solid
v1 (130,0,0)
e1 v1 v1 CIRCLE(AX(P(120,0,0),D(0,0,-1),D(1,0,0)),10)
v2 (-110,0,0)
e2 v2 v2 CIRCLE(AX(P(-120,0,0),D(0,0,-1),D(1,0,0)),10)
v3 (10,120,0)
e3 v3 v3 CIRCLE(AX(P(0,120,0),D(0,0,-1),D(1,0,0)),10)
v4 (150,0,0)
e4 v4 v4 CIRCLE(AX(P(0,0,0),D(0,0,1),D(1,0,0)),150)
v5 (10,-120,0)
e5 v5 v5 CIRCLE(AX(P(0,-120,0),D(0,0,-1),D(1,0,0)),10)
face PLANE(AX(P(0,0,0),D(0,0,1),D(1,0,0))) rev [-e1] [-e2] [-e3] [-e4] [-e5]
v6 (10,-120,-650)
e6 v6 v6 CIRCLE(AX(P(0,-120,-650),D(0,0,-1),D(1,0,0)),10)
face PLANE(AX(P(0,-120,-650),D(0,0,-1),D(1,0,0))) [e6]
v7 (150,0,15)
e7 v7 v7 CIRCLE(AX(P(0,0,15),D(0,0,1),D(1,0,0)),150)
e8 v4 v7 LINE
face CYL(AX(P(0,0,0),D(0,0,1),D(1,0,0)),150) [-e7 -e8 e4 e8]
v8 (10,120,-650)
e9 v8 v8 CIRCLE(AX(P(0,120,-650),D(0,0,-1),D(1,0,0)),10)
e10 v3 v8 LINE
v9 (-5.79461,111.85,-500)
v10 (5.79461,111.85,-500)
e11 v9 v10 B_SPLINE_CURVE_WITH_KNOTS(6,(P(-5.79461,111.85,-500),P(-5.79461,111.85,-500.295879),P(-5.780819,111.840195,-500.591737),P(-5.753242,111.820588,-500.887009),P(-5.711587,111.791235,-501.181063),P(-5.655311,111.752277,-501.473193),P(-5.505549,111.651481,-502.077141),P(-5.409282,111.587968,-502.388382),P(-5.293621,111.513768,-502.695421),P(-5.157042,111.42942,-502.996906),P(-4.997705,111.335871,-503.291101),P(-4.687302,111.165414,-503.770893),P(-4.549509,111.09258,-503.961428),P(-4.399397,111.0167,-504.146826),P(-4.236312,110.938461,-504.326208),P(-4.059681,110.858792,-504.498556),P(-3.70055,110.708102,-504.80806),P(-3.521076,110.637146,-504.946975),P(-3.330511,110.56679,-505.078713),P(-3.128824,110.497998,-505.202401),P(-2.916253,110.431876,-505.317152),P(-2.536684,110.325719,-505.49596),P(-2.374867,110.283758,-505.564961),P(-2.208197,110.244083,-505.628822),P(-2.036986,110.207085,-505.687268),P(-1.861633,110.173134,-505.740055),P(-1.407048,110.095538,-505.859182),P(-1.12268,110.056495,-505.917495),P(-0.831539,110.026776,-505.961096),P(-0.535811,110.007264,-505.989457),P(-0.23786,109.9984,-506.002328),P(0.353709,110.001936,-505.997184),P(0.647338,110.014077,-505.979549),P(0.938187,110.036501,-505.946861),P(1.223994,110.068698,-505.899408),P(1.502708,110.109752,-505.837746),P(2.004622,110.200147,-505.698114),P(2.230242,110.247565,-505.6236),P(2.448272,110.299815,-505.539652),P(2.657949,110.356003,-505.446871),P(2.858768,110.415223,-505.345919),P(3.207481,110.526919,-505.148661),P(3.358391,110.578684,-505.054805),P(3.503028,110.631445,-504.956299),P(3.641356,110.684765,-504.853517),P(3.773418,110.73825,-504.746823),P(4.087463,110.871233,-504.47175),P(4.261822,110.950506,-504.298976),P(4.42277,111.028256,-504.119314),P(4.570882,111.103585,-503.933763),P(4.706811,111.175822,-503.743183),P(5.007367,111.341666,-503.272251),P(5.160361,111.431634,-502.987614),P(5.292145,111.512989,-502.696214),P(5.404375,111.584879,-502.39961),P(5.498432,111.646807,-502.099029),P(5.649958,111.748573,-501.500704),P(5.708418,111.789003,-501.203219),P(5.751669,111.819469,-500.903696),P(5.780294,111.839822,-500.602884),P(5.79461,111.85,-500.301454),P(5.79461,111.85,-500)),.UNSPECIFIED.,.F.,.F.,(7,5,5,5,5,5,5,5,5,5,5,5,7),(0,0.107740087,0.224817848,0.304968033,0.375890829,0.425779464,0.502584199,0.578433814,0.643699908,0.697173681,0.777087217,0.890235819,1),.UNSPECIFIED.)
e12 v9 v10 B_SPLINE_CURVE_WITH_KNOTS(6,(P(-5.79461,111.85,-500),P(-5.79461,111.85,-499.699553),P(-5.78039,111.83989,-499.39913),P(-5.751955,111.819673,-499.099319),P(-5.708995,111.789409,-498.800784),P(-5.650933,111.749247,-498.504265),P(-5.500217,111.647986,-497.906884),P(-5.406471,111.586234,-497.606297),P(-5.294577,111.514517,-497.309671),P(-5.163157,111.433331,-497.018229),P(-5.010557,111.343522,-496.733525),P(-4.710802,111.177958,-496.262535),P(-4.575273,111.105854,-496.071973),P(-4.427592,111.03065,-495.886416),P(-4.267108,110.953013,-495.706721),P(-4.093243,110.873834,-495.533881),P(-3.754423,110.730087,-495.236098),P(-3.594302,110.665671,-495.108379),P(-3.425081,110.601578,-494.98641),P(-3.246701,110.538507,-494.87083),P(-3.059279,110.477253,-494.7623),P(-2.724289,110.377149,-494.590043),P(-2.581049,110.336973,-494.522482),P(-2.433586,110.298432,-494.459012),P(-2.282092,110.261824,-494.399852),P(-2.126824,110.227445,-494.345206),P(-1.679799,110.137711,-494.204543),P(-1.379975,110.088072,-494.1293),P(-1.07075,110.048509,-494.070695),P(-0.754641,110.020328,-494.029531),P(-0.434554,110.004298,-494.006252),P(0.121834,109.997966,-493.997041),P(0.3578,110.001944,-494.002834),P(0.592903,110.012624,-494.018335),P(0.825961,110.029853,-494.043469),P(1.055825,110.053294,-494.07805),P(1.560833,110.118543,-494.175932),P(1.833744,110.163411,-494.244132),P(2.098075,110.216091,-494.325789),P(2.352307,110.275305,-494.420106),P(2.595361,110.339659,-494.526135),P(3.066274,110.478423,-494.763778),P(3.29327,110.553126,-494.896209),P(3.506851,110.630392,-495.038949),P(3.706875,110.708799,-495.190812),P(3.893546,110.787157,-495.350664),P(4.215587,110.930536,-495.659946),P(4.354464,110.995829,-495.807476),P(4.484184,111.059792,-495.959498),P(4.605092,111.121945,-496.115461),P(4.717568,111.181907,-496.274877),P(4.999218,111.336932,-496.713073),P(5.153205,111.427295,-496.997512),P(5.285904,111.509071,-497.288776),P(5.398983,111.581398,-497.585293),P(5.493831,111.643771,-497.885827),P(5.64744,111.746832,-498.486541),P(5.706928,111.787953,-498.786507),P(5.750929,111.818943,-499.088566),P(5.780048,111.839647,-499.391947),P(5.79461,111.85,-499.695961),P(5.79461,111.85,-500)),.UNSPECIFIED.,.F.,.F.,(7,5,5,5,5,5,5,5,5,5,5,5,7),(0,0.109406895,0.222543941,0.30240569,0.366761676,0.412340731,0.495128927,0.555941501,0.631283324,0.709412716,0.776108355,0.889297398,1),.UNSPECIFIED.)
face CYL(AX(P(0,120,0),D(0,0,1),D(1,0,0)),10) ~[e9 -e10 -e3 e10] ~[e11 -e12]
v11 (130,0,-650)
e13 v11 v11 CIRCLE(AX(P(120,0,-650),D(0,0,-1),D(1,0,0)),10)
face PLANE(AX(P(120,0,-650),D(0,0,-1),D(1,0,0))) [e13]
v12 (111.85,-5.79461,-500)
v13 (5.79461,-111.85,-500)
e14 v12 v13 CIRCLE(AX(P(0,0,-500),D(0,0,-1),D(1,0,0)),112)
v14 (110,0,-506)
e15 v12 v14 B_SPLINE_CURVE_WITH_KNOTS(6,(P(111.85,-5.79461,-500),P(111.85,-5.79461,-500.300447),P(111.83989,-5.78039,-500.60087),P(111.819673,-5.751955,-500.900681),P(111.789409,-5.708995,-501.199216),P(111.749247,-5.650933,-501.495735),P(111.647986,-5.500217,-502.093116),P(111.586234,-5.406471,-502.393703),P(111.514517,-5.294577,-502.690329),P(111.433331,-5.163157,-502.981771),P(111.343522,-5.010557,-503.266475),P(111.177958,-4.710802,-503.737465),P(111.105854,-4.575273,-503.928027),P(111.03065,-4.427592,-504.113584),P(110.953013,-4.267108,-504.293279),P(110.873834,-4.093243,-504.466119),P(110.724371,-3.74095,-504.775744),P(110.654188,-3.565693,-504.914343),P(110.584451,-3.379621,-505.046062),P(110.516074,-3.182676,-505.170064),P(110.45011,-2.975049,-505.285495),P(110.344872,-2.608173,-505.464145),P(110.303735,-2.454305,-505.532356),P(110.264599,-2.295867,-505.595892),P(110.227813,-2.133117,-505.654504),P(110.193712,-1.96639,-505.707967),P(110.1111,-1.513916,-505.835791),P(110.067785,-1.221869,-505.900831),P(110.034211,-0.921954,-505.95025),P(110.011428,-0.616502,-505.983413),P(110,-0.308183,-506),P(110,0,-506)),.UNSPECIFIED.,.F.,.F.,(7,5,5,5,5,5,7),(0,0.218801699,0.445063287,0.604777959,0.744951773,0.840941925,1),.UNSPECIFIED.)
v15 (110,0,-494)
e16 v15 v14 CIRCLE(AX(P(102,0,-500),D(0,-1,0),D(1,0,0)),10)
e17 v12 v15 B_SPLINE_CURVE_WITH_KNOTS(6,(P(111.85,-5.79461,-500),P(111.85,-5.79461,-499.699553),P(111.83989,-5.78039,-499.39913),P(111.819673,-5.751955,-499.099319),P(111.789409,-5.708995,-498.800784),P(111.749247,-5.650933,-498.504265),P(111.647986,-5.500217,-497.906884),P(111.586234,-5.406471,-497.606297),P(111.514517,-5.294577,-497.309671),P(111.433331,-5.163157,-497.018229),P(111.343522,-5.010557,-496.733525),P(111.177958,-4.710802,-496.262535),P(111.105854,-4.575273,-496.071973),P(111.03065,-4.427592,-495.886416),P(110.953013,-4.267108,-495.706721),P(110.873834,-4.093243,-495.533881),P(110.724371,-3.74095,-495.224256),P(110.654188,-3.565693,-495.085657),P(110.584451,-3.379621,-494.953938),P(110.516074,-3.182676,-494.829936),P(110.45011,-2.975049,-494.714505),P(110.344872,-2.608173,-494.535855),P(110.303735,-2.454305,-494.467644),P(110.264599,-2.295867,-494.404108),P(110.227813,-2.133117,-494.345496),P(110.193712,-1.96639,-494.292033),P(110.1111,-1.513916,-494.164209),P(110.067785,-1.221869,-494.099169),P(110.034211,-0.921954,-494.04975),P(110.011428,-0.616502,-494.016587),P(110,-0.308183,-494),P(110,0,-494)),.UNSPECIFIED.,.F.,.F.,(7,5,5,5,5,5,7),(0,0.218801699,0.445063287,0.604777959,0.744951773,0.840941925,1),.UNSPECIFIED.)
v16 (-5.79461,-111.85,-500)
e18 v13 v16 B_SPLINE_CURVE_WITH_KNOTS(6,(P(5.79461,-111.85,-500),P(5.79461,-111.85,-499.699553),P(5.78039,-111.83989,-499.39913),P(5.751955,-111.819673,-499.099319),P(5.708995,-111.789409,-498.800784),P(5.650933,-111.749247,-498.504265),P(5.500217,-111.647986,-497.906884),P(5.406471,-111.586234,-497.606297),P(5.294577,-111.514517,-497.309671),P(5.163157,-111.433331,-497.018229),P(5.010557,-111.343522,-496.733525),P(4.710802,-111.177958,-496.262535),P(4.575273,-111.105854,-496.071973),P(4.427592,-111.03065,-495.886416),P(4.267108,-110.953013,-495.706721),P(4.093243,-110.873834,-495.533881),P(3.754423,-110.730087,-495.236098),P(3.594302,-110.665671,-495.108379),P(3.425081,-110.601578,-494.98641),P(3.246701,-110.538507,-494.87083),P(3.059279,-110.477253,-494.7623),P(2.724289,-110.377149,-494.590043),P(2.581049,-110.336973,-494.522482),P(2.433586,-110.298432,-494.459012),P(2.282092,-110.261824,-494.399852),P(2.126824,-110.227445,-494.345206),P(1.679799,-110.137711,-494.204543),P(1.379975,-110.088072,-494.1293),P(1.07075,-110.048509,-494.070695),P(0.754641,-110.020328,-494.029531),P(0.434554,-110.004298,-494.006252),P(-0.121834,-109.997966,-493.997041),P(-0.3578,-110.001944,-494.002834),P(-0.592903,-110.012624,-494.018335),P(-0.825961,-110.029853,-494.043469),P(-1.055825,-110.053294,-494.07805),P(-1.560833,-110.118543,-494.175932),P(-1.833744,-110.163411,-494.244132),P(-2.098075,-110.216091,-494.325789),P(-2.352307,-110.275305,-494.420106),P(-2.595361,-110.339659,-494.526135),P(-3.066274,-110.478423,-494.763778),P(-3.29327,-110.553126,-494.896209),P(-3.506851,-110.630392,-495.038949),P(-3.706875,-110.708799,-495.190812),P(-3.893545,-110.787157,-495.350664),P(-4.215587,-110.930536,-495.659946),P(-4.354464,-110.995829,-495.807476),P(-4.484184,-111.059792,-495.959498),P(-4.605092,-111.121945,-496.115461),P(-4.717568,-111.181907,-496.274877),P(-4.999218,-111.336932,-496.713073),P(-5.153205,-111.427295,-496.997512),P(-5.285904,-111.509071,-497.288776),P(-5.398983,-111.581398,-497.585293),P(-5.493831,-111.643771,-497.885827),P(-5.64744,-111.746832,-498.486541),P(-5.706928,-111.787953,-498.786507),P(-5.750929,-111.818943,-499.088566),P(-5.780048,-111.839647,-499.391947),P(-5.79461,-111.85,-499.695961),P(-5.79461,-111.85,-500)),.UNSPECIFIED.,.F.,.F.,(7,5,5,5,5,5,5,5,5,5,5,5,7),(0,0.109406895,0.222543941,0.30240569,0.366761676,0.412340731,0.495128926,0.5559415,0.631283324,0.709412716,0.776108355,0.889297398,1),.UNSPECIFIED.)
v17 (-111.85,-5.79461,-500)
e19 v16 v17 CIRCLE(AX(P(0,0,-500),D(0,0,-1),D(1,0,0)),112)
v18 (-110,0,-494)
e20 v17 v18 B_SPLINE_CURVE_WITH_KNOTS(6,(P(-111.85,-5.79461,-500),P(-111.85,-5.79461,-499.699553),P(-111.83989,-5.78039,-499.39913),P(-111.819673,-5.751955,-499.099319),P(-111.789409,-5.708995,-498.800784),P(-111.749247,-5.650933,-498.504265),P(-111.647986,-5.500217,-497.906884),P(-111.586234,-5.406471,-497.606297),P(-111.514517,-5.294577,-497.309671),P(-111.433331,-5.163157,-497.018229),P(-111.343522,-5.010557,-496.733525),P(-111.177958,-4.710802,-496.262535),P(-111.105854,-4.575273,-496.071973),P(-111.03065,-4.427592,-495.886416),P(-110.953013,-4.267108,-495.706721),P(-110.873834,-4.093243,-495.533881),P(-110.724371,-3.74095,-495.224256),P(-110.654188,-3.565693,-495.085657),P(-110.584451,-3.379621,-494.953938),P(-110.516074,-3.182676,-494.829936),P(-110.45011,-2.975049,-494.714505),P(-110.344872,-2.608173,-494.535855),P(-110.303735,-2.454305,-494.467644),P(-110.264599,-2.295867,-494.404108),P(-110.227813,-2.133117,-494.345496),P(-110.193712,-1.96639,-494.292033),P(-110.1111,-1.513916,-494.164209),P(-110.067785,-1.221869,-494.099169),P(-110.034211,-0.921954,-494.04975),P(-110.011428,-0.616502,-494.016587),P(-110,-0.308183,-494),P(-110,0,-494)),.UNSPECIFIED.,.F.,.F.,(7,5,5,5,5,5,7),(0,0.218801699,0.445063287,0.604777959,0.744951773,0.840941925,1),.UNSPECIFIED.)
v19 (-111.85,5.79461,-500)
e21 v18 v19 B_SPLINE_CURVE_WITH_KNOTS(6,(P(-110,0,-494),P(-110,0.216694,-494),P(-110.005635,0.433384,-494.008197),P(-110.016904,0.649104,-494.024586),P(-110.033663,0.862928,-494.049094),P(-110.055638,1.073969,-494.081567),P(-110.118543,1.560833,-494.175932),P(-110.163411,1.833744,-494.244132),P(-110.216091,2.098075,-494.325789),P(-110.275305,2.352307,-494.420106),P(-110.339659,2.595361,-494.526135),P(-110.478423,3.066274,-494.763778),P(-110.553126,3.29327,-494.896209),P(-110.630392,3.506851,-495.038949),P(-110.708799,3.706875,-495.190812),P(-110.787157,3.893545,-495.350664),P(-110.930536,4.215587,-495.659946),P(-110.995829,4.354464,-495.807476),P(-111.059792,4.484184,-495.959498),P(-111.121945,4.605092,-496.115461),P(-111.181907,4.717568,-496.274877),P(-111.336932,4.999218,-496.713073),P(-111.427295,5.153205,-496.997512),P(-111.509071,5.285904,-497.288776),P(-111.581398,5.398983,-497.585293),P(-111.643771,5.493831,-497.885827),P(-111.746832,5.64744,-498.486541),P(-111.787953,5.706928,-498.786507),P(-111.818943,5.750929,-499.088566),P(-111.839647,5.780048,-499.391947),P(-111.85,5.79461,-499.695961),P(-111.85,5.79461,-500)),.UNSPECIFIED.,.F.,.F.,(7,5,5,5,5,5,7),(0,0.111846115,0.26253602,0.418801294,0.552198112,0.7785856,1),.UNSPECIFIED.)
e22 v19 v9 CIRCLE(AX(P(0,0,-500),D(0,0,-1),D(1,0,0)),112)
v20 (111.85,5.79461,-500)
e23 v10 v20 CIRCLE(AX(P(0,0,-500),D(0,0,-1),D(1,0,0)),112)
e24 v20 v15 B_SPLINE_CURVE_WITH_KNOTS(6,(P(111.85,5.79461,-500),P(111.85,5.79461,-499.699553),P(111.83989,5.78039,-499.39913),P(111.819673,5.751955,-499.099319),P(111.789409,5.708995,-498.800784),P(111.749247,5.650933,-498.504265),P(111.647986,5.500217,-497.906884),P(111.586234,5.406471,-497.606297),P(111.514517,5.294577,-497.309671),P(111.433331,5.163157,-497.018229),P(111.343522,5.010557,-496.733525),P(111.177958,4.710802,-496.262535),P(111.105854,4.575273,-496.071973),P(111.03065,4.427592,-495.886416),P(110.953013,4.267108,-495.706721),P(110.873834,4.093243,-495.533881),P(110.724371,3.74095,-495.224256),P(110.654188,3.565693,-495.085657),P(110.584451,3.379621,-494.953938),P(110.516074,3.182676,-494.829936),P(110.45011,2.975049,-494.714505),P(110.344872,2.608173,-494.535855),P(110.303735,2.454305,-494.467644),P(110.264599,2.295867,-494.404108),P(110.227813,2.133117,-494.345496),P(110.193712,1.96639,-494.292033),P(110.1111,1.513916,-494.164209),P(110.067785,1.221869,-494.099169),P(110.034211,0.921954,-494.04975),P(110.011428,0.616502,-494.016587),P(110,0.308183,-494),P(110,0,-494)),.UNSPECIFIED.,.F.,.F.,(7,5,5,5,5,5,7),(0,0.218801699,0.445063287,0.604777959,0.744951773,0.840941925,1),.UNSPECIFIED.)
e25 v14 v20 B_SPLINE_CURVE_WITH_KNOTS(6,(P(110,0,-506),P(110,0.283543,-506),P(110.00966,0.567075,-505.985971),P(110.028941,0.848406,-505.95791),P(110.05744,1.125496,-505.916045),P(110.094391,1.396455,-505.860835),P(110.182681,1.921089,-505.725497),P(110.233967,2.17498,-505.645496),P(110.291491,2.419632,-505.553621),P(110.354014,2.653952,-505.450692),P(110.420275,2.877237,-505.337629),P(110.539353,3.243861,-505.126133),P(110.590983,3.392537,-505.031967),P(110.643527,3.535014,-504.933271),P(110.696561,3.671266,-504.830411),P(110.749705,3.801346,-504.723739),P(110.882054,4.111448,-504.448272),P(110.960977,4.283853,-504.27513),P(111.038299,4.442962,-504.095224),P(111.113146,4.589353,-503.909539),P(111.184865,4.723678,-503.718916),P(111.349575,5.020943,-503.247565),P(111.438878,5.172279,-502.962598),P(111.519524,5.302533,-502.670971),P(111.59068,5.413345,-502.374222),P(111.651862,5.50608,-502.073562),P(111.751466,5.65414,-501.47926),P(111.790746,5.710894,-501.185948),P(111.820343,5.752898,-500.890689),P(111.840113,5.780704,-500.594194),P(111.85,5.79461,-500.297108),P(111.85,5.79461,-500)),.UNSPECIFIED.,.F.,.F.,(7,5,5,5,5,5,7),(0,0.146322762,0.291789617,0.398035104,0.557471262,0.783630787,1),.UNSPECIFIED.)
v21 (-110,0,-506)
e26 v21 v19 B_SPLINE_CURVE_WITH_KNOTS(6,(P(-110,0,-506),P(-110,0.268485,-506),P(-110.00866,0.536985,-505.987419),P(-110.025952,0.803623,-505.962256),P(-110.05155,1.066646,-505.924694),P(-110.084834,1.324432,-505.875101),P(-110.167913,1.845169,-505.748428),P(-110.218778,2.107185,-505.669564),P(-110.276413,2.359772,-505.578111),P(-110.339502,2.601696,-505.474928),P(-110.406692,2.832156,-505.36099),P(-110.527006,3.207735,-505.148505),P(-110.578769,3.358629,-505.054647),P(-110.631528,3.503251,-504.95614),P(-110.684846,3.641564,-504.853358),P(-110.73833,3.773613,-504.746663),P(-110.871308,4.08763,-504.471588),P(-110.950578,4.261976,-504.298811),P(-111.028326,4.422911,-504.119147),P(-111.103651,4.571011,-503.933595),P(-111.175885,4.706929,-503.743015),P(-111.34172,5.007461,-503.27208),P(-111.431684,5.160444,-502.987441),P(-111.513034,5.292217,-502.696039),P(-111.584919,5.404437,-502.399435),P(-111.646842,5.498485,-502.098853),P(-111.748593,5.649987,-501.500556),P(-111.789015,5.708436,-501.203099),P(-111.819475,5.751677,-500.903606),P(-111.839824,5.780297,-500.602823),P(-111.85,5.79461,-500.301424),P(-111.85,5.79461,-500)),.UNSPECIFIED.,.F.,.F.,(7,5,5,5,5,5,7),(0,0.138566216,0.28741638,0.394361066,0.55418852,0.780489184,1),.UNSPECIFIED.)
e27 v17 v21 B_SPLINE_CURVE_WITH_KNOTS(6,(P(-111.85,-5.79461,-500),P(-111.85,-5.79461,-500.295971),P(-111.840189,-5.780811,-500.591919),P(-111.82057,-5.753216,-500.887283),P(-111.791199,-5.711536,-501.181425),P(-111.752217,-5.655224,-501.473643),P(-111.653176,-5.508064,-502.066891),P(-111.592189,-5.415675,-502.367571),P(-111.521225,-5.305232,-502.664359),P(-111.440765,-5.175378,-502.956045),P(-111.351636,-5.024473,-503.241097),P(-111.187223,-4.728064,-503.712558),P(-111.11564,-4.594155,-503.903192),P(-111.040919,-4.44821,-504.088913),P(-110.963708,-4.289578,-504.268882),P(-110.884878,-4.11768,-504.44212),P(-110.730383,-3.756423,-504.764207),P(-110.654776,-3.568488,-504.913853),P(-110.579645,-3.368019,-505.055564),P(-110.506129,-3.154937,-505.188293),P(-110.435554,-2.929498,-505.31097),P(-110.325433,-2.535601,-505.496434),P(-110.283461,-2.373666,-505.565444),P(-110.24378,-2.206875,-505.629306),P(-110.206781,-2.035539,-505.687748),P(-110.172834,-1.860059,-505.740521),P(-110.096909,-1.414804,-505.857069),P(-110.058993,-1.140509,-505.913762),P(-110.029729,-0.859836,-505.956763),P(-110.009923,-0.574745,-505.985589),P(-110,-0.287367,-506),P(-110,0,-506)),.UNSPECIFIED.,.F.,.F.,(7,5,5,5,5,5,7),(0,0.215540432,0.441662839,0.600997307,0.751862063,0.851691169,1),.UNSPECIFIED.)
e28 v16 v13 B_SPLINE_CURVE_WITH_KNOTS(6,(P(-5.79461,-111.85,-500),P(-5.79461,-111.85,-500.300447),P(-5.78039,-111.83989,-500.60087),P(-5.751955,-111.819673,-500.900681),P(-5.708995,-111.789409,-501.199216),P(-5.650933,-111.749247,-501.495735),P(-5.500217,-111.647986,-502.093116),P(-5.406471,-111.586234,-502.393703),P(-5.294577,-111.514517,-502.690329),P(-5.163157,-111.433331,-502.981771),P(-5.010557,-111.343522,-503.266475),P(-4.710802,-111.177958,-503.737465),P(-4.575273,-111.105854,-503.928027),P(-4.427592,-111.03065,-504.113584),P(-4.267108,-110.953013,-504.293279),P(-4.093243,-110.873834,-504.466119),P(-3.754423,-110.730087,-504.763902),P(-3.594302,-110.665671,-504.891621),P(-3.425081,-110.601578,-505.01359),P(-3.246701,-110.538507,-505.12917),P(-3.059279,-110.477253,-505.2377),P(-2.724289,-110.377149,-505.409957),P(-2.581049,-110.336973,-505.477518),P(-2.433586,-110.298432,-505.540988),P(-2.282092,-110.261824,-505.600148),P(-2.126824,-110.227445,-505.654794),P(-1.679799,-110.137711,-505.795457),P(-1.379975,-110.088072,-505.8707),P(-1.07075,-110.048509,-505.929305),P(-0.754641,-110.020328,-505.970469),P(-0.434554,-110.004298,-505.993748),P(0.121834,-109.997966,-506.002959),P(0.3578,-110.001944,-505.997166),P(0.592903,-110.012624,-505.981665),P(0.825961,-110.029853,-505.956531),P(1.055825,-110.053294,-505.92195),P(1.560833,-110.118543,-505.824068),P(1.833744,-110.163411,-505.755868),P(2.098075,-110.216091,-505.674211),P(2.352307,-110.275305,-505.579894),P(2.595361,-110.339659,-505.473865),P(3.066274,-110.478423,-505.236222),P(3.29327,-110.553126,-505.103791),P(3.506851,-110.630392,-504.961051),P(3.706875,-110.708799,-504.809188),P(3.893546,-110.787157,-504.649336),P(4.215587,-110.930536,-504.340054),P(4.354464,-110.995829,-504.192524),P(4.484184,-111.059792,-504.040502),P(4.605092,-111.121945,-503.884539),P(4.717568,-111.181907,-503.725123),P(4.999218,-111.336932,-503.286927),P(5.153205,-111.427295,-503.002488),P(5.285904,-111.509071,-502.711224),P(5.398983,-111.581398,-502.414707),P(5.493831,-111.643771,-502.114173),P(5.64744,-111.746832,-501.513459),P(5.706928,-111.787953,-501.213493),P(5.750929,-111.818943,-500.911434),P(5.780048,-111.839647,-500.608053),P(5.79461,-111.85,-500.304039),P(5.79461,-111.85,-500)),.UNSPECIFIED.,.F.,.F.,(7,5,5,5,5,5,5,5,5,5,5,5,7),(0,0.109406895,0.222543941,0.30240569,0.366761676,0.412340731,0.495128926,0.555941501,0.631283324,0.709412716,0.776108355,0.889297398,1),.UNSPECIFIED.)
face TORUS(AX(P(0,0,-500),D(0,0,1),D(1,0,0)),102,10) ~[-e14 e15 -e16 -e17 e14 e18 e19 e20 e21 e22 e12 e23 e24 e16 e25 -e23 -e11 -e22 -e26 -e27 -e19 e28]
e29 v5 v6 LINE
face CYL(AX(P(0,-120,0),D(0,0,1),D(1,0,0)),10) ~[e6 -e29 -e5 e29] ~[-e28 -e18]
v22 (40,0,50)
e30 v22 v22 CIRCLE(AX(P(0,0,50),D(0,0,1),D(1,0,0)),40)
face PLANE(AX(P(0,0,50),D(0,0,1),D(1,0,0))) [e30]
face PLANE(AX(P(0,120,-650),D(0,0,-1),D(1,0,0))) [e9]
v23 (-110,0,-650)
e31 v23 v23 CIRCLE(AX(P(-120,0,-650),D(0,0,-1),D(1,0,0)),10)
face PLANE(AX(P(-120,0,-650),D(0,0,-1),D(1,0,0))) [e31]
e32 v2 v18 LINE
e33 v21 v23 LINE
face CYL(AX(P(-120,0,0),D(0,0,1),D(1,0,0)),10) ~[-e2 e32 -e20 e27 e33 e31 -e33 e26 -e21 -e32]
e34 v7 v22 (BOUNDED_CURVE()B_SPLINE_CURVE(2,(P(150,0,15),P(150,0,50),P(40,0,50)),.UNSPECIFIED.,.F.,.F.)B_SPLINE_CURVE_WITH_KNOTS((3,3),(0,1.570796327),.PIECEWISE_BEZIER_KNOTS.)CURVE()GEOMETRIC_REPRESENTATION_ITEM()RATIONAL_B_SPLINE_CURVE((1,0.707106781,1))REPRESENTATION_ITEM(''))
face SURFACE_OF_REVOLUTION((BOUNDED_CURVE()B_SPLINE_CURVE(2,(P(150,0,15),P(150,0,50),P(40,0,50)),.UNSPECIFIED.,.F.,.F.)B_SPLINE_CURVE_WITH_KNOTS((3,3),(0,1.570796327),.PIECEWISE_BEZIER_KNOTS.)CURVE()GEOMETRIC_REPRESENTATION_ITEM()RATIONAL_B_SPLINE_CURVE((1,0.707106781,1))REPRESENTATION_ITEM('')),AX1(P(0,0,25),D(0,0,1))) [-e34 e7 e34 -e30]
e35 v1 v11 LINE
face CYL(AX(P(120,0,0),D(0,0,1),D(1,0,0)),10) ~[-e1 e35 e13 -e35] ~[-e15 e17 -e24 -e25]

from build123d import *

# Parameters (mm, degrees)
F2_R     = 10
F3_DEPTH = 650
F5_R     = 10


with BuildPart() as f1:
    # F0 (on Front) → F1 (revolve)
    with BuildSketch(Plane.XZ):
        with BuildLine():
            Line((0, 50), (0, 0))
            Line((0, 0), (40, 0))
            Line((40, 0), (150, 0))
            Line((150, 0), (150, 15))
            add(Edge.make_bspline(
                [(150, 15), (150, 50), (40, 50)],
                knots=[0, 0, 0, 1.5707963268, 1.5707963268, 1.5707963268], degree=2, weights=[1, 0.7071067812, 1]))
            Line((40, 50), (0, 50))
        make_face()
    revolve(axis=Axis((0, 0, 25), (0, 0, 1)))

    # F2 (on face) → F3 (join)
    with BuildSketch(Plane(origin=(0, 0, 0), x_dir=(1, 0, 0), z_dir=(0, 0, -1))):
        with Locations((0, 120)):
            Circle(F2_R)
        with Locations((-120, 0)):
            Circle(F2_R)
        with Locations((0, -120)):
            Circle(F2_R)
        with Locations((120, 0)):
            Circle(F2_R)
    extrude(amount=F3_DEPTH)

    # F5 (on Front) → F6 (revolve)
    with BuildSketch(Plane.XZ):
        with Locations((102, -500)):
            Circle(F5_R)
    revolve(axis=Axis((0, 0, -250), (0, 0, -1)))


solid = f1.part
